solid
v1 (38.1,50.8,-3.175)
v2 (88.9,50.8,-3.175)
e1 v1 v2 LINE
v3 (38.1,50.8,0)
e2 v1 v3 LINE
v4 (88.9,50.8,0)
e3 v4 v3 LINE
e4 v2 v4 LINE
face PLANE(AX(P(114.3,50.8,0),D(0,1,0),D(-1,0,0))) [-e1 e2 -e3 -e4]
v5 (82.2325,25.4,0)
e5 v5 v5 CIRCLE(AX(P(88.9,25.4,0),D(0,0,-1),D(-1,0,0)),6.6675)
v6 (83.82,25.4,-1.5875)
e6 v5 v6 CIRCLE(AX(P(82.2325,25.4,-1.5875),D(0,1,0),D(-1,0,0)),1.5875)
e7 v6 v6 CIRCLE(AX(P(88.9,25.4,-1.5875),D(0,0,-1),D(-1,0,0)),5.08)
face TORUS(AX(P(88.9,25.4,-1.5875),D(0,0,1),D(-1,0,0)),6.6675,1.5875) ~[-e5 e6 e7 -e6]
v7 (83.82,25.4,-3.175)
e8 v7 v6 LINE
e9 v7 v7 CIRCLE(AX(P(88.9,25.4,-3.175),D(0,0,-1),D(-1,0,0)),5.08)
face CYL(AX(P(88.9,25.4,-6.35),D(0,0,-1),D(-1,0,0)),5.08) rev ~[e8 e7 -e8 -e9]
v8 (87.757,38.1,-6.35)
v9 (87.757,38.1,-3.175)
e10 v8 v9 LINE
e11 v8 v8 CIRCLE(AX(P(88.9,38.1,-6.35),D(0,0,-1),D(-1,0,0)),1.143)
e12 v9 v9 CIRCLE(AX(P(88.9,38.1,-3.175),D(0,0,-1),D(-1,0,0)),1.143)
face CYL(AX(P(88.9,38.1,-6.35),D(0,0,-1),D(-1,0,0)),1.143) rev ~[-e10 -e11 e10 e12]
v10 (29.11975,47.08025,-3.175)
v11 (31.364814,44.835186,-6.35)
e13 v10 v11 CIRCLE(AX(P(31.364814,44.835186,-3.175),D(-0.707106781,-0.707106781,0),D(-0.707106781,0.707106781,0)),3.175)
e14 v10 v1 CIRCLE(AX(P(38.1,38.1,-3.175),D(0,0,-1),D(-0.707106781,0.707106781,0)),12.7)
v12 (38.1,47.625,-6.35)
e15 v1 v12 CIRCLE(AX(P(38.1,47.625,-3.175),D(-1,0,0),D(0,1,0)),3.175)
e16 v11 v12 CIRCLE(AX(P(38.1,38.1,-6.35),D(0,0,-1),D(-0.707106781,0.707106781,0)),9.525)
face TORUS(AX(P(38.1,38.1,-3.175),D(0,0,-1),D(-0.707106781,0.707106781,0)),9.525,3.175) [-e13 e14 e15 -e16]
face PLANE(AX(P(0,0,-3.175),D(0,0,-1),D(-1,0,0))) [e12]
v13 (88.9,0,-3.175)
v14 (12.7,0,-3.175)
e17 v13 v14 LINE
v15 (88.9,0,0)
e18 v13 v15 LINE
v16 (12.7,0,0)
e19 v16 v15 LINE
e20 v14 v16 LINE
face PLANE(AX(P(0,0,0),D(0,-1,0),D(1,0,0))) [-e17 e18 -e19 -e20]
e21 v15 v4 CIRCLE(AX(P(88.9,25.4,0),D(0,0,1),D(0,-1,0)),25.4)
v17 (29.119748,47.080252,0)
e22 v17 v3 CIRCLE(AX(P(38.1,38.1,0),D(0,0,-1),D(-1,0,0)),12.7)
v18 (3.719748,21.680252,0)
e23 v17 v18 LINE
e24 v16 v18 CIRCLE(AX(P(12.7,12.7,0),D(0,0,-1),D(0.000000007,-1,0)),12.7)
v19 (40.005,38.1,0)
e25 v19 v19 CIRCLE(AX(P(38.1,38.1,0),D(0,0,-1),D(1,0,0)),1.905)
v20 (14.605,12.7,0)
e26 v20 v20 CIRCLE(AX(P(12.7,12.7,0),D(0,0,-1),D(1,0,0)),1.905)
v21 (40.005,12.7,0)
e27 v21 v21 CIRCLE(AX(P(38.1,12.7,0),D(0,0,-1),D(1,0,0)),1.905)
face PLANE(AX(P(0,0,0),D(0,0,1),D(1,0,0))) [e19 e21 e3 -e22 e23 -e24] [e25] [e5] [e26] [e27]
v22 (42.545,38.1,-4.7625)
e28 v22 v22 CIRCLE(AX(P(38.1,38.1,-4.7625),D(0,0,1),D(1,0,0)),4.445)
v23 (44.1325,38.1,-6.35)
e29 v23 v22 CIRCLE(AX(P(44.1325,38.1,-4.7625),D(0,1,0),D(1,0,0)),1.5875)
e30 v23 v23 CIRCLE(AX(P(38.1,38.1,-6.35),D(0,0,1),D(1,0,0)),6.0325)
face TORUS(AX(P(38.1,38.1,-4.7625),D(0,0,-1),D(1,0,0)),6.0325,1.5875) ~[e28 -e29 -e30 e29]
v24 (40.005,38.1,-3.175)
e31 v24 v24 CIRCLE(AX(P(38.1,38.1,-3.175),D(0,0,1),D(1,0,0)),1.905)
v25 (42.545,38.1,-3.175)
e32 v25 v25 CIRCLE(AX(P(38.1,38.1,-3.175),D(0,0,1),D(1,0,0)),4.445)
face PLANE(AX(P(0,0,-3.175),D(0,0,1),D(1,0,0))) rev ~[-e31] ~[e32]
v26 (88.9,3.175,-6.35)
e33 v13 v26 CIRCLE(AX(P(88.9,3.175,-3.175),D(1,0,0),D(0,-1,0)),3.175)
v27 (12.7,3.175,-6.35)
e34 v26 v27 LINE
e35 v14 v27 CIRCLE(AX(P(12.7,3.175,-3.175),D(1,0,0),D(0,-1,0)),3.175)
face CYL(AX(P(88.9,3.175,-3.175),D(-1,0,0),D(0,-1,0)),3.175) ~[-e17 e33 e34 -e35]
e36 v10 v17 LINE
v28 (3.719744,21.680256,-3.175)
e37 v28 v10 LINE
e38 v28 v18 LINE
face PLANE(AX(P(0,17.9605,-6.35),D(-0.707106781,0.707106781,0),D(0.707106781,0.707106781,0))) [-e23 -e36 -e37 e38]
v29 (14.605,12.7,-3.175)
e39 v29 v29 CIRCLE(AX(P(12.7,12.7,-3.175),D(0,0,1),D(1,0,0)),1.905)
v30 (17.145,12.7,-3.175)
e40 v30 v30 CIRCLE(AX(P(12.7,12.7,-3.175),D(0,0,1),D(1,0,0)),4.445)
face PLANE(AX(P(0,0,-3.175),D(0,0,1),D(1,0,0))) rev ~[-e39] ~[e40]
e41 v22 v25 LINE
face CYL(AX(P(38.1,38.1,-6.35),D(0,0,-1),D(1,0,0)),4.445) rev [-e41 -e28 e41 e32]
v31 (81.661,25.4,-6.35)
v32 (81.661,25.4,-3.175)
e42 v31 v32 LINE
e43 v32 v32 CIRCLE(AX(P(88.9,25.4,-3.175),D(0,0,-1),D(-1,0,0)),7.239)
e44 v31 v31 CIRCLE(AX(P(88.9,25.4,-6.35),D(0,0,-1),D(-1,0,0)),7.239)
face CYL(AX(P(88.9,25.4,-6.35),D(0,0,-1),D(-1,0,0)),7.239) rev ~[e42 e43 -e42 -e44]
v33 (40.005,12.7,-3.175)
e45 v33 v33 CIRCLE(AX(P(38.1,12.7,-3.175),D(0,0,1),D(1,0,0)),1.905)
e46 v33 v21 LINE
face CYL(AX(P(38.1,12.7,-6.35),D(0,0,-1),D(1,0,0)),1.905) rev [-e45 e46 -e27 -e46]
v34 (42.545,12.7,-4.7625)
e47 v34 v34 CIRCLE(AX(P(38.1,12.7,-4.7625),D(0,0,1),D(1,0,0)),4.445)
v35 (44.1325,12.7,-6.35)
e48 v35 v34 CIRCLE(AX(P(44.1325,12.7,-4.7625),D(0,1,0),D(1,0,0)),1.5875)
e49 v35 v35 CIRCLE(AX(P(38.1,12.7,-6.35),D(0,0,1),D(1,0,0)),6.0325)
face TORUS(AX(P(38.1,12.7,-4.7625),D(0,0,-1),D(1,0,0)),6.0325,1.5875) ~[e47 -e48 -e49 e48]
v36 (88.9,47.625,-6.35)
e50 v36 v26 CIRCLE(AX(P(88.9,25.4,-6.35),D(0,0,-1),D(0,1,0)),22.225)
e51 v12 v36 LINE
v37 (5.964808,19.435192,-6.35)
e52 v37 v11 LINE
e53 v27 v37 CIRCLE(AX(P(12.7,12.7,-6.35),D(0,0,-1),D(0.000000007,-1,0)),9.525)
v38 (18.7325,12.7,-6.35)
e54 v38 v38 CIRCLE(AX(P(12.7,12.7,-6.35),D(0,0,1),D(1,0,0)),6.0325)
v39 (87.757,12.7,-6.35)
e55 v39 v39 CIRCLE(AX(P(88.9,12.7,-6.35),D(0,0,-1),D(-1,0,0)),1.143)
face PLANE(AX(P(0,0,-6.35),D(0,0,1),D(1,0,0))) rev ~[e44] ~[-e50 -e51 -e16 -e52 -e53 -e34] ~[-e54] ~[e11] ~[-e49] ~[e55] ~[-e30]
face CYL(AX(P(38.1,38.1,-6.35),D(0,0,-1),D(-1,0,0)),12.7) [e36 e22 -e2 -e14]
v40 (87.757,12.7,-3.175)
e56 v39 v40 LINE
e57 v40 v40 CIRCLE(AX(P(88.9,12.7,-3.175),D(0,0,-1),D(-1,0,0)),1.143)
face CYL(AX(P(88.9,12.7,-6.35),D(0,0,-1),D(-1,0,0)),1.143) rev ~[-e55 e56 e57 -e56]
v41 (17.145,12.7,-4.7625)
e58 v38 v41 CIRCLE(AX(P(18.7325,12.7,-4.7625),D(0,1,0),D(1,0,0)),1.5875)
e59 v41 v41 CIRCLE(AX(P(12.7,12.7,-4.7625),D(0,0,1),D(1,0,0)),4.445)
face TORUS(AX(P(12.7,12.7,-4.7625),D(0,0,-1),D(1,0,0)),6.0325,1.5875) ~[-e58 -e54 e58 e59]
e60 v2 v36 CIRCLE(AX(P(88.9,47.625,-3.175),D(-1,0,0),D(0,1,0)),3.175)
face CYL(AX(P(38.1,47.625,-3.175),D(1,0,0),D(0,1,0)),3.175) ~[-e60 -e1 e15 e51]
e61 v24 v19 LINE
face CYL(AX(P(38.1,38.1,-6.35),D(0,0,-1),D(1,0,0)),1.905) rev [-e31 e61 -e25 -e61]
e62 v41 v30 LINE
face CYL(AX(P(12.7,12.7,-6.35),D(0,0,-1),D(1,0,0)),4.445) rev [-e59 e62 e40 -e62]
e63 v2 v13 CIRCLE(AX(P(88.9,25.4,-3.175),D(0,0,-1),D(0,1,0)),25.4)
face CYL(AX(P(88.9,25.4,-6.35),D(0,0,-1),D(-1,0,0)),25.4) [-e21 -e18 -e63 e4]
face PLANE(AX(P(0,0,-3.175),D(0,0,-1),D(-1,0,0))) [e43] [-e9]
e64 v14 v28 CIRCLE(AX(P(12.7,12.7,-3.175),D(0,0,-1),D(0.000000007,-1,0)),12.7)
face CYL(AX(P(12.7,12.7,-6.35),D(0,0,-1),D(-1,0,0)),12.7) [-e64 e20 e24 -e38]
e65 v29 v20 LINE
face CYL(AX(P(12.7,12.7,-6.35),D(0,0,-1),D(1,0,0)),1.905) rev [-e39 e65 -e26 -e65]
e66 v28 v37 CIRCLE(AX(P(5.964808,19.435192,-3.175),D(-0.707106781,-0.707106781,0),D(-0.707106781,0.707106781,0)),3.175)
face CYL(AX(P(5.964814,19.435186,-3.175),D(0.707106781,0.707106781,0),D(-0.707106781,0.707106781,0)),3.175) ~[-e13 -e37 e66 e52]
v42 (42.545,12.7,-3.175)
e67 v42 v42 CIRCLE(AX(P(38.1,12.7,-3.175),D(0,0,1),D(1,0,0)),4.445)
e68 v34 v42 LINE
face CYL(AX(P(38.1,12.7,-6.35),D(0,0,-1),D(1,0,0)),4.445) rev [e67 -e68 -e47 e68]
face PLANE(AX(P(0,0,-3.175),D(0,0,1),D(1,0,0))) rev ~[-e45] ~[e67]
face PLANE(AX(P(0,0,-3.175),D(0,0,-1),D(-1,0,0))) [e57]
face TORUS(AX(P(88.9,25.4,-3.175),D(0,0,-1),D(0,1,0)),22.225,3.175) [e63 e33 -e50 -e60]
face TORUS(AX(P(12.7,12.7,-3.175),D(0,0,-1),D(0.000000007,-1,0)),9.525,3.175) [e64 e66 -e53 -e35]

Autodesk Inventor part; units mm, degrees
ref_plane "YZ Plane" through (0, 0, 0) normal (1, 0, 0) x (0, 1, 0)
ref_plane "XZ Plane" through (0, 0, 0) normal (0, 1, 0) x (-1, 0, 0)
ref_plane "XY Plane" through (0, 0, 0) normal (0, 0, 1) x (1, 0, 0)
sketch "Sketch1" plane through (0, 0, 0) normal (0, 0, 1) x (1, 0, 0)
  line L0 (0, 0) -> (114.3, 0)
  line L1 (114.3, 0) -> (114.3, 50.8)
  line L2 (114.3, 50.8) -> (0, 50.8)
  line L3 (0, 50.8) -> (0, 0)
  dimension "d0" = 114.3
  dimension "d1" = 50.8
extrude "Extrusion1" add sketch "Sketch1" against normal blind 6.35
sketch "Sketch2" plane through (0, 0, -6.35) normal (0, 0, 1) x (1, 0, 0)
  line L0 (114.3, 0) -> (114.3, 50.8) projected
  line L1 (114.3, 50.8) -> (0, 50.8) projected
  line L2 (0, 50.8) -> (0, 0) projected
  line L3 (0, 0) -> (114.3, 0) projected
  line L4 (0, 25.4) -> (114.3, 25.4) construction
  circle A0 centre (12.7, 12.7) radius 1.905
  circle A1 centre (12.7, 12.7) radius 4.445
  circle A2 centre (38.1, 12.7) radius 1.905
  circle A3 centre (38.1, 12.7) radius 4.445
  circle A4 centre (38.1, 38.1) radius 1.905
  circle A5 centre (38.1, 38.1) radius 4.445
  line L5 (0, 17.9605) -> (32.8395, 50.8)
  line L6 (0, 0) -> (50.8, 50.8) construction
  circle A6 centre (38.1, 38.1) radius 12.7 construction
  dimension "d4" = 3.81
  dimension "d5" = 8.89
  dimension "d6" = 25.4
  dimension "d7" = 25.4
  dimension "d8" = 12.7
  dimension "d10" = 12.7
extrude "Extrusion2" cut sketch "Sketch2" along normal through all contours L5 L2 L1 | A0 | A2 | A4
extrude "Extrusion3" cut sketch "Sketch2" along normal blind 3.175 contours A1 | A3 | A5
sketch "Sketch7" plane through (0, 0, -6.35) normal (0, 0, -1) x (-1, 0, 0)
  circle A0 centre (-88.9, 25.4) radius 7.239
  circle A1 centre (-88.9, 25.4) radius 5.08
  circle A2 centre (-88.9, 38.1) radius 1.143
  circle A3 centre (-88.9, 12.7) radius 1.143
  circle A4 centre (-38.1, 12.7) radius 4.445 projected
  circle A5 centre (-12.7, 12.7) radius 4.445 projected
  circle A6 centre (-38.1, 38.1) radius 4.445 projected
  line L0 (0, 17.9605) -> (-32.8395, 50.8) projected
  line L1 (-32.8395, 50.8) -> (-114.3, 50.8) projected
  line L2 (-114.3, 50.8) -> (-114.3, 0) projected
  line L3 (-114.3, 0) -> (0, 0) projected
  line L4 (0, 0) -> (0, 17.9605) projected
  line L5 (-114.3, 25.4) -> (-7.4395, 25.4) construction
  line L6 (-88.9, 50.8) -> (-88.9, 0) construction
  dimension "d40" = 25.4
  dimension "d41" = 14.478
  dimension "d42" = 10.16
  dimension "d43" = 2.286
  dimension "d44" = 12.7
  dimension "d45" = 12.7
extrude "Extrusion9" cut sketch "Sketch7" against normal through all contours A1
extrude "Extrusion10" cut sketch "Sketch7" against normal blind 3.175 contours A0 | A2 | A3
sketch "Sketch8" plane through (0, 0, -6.35) normal (0, 0, -1) x (-1, 0, 0)
  circle A0 centre (-88.9, 25.4) radius 7.239 projected
  circle A1 centre (-88.9, 12.7) radius 1.143 projected
  circle A2 centre (-88.9, 38.1) radius 1.143 projected
  circle A3 centre (-38.1, 12.7) radius 4.445 projected
  circle A4 centre (-12.7, 12.7) radius 4.445 projected
  circle A5 centre (-38.1, 38.1) radius 4.445 projected
  line L0 (0, 17.9605) -> (-32.8395, 50.8) projected
  line L1 (-32.8395, 50.8) -> (-114.3, 50.8) projected
  line L2 (-114.3, 50.8) -> (-114.3, 0) projected
  line L3 (-114.3, 0) -> (0, 0) projected
  line L4 (0, 0) -> (0, 17.9605) projected
  circle A6 centre (-38.1, 38.1) radius 12.7
  circle A7 centre (-12.7, 12.7) radius 12.7
  circle A8 centre (-88.9, 25.4) radius 25.4
  point P0 (-3.7197, 21.6803)
  point P1 (0, 12.7)
  point P2 (-12.7, 0)
  point P3 (-38.1, 50.8)
  point P4 (-29.1197, 47.0803)
  point P5 (-114.3, 25.4)
  point P6 (-88.9, 50.8)
  point P7 (-88.9, 0)
extrude "Extrusion11" cut sketch "Sketch8" against normal through all contours L4 A7 L0 | L4 L3 A7 | A6 L1 L0 | L3 L2 A8 | A8 L2 L1
fillet "Fillet5" radius 1.5875 3 edges at (33.655, 38.1, -6.35) (33.655, 12.7, -6.35) (8.255, 12.7, -6.35)
fillet "Fillet6" radius 1.5875 1 edges at (93.98, 25.4, 0)
fillet "Fillet7" radius 3.175 6 edges at (114.3, 25.4, -6.35) (50.8, 0, -6.35) (0.9667, 7.8399, -6.35) (16.4197, 34.3803, -6.35) (33.2399, 49.8333, -6.35) (63.5, 50.8, -6.35)
equation "\"d45\" = d44"
properties part number "Bearing Bracket"
